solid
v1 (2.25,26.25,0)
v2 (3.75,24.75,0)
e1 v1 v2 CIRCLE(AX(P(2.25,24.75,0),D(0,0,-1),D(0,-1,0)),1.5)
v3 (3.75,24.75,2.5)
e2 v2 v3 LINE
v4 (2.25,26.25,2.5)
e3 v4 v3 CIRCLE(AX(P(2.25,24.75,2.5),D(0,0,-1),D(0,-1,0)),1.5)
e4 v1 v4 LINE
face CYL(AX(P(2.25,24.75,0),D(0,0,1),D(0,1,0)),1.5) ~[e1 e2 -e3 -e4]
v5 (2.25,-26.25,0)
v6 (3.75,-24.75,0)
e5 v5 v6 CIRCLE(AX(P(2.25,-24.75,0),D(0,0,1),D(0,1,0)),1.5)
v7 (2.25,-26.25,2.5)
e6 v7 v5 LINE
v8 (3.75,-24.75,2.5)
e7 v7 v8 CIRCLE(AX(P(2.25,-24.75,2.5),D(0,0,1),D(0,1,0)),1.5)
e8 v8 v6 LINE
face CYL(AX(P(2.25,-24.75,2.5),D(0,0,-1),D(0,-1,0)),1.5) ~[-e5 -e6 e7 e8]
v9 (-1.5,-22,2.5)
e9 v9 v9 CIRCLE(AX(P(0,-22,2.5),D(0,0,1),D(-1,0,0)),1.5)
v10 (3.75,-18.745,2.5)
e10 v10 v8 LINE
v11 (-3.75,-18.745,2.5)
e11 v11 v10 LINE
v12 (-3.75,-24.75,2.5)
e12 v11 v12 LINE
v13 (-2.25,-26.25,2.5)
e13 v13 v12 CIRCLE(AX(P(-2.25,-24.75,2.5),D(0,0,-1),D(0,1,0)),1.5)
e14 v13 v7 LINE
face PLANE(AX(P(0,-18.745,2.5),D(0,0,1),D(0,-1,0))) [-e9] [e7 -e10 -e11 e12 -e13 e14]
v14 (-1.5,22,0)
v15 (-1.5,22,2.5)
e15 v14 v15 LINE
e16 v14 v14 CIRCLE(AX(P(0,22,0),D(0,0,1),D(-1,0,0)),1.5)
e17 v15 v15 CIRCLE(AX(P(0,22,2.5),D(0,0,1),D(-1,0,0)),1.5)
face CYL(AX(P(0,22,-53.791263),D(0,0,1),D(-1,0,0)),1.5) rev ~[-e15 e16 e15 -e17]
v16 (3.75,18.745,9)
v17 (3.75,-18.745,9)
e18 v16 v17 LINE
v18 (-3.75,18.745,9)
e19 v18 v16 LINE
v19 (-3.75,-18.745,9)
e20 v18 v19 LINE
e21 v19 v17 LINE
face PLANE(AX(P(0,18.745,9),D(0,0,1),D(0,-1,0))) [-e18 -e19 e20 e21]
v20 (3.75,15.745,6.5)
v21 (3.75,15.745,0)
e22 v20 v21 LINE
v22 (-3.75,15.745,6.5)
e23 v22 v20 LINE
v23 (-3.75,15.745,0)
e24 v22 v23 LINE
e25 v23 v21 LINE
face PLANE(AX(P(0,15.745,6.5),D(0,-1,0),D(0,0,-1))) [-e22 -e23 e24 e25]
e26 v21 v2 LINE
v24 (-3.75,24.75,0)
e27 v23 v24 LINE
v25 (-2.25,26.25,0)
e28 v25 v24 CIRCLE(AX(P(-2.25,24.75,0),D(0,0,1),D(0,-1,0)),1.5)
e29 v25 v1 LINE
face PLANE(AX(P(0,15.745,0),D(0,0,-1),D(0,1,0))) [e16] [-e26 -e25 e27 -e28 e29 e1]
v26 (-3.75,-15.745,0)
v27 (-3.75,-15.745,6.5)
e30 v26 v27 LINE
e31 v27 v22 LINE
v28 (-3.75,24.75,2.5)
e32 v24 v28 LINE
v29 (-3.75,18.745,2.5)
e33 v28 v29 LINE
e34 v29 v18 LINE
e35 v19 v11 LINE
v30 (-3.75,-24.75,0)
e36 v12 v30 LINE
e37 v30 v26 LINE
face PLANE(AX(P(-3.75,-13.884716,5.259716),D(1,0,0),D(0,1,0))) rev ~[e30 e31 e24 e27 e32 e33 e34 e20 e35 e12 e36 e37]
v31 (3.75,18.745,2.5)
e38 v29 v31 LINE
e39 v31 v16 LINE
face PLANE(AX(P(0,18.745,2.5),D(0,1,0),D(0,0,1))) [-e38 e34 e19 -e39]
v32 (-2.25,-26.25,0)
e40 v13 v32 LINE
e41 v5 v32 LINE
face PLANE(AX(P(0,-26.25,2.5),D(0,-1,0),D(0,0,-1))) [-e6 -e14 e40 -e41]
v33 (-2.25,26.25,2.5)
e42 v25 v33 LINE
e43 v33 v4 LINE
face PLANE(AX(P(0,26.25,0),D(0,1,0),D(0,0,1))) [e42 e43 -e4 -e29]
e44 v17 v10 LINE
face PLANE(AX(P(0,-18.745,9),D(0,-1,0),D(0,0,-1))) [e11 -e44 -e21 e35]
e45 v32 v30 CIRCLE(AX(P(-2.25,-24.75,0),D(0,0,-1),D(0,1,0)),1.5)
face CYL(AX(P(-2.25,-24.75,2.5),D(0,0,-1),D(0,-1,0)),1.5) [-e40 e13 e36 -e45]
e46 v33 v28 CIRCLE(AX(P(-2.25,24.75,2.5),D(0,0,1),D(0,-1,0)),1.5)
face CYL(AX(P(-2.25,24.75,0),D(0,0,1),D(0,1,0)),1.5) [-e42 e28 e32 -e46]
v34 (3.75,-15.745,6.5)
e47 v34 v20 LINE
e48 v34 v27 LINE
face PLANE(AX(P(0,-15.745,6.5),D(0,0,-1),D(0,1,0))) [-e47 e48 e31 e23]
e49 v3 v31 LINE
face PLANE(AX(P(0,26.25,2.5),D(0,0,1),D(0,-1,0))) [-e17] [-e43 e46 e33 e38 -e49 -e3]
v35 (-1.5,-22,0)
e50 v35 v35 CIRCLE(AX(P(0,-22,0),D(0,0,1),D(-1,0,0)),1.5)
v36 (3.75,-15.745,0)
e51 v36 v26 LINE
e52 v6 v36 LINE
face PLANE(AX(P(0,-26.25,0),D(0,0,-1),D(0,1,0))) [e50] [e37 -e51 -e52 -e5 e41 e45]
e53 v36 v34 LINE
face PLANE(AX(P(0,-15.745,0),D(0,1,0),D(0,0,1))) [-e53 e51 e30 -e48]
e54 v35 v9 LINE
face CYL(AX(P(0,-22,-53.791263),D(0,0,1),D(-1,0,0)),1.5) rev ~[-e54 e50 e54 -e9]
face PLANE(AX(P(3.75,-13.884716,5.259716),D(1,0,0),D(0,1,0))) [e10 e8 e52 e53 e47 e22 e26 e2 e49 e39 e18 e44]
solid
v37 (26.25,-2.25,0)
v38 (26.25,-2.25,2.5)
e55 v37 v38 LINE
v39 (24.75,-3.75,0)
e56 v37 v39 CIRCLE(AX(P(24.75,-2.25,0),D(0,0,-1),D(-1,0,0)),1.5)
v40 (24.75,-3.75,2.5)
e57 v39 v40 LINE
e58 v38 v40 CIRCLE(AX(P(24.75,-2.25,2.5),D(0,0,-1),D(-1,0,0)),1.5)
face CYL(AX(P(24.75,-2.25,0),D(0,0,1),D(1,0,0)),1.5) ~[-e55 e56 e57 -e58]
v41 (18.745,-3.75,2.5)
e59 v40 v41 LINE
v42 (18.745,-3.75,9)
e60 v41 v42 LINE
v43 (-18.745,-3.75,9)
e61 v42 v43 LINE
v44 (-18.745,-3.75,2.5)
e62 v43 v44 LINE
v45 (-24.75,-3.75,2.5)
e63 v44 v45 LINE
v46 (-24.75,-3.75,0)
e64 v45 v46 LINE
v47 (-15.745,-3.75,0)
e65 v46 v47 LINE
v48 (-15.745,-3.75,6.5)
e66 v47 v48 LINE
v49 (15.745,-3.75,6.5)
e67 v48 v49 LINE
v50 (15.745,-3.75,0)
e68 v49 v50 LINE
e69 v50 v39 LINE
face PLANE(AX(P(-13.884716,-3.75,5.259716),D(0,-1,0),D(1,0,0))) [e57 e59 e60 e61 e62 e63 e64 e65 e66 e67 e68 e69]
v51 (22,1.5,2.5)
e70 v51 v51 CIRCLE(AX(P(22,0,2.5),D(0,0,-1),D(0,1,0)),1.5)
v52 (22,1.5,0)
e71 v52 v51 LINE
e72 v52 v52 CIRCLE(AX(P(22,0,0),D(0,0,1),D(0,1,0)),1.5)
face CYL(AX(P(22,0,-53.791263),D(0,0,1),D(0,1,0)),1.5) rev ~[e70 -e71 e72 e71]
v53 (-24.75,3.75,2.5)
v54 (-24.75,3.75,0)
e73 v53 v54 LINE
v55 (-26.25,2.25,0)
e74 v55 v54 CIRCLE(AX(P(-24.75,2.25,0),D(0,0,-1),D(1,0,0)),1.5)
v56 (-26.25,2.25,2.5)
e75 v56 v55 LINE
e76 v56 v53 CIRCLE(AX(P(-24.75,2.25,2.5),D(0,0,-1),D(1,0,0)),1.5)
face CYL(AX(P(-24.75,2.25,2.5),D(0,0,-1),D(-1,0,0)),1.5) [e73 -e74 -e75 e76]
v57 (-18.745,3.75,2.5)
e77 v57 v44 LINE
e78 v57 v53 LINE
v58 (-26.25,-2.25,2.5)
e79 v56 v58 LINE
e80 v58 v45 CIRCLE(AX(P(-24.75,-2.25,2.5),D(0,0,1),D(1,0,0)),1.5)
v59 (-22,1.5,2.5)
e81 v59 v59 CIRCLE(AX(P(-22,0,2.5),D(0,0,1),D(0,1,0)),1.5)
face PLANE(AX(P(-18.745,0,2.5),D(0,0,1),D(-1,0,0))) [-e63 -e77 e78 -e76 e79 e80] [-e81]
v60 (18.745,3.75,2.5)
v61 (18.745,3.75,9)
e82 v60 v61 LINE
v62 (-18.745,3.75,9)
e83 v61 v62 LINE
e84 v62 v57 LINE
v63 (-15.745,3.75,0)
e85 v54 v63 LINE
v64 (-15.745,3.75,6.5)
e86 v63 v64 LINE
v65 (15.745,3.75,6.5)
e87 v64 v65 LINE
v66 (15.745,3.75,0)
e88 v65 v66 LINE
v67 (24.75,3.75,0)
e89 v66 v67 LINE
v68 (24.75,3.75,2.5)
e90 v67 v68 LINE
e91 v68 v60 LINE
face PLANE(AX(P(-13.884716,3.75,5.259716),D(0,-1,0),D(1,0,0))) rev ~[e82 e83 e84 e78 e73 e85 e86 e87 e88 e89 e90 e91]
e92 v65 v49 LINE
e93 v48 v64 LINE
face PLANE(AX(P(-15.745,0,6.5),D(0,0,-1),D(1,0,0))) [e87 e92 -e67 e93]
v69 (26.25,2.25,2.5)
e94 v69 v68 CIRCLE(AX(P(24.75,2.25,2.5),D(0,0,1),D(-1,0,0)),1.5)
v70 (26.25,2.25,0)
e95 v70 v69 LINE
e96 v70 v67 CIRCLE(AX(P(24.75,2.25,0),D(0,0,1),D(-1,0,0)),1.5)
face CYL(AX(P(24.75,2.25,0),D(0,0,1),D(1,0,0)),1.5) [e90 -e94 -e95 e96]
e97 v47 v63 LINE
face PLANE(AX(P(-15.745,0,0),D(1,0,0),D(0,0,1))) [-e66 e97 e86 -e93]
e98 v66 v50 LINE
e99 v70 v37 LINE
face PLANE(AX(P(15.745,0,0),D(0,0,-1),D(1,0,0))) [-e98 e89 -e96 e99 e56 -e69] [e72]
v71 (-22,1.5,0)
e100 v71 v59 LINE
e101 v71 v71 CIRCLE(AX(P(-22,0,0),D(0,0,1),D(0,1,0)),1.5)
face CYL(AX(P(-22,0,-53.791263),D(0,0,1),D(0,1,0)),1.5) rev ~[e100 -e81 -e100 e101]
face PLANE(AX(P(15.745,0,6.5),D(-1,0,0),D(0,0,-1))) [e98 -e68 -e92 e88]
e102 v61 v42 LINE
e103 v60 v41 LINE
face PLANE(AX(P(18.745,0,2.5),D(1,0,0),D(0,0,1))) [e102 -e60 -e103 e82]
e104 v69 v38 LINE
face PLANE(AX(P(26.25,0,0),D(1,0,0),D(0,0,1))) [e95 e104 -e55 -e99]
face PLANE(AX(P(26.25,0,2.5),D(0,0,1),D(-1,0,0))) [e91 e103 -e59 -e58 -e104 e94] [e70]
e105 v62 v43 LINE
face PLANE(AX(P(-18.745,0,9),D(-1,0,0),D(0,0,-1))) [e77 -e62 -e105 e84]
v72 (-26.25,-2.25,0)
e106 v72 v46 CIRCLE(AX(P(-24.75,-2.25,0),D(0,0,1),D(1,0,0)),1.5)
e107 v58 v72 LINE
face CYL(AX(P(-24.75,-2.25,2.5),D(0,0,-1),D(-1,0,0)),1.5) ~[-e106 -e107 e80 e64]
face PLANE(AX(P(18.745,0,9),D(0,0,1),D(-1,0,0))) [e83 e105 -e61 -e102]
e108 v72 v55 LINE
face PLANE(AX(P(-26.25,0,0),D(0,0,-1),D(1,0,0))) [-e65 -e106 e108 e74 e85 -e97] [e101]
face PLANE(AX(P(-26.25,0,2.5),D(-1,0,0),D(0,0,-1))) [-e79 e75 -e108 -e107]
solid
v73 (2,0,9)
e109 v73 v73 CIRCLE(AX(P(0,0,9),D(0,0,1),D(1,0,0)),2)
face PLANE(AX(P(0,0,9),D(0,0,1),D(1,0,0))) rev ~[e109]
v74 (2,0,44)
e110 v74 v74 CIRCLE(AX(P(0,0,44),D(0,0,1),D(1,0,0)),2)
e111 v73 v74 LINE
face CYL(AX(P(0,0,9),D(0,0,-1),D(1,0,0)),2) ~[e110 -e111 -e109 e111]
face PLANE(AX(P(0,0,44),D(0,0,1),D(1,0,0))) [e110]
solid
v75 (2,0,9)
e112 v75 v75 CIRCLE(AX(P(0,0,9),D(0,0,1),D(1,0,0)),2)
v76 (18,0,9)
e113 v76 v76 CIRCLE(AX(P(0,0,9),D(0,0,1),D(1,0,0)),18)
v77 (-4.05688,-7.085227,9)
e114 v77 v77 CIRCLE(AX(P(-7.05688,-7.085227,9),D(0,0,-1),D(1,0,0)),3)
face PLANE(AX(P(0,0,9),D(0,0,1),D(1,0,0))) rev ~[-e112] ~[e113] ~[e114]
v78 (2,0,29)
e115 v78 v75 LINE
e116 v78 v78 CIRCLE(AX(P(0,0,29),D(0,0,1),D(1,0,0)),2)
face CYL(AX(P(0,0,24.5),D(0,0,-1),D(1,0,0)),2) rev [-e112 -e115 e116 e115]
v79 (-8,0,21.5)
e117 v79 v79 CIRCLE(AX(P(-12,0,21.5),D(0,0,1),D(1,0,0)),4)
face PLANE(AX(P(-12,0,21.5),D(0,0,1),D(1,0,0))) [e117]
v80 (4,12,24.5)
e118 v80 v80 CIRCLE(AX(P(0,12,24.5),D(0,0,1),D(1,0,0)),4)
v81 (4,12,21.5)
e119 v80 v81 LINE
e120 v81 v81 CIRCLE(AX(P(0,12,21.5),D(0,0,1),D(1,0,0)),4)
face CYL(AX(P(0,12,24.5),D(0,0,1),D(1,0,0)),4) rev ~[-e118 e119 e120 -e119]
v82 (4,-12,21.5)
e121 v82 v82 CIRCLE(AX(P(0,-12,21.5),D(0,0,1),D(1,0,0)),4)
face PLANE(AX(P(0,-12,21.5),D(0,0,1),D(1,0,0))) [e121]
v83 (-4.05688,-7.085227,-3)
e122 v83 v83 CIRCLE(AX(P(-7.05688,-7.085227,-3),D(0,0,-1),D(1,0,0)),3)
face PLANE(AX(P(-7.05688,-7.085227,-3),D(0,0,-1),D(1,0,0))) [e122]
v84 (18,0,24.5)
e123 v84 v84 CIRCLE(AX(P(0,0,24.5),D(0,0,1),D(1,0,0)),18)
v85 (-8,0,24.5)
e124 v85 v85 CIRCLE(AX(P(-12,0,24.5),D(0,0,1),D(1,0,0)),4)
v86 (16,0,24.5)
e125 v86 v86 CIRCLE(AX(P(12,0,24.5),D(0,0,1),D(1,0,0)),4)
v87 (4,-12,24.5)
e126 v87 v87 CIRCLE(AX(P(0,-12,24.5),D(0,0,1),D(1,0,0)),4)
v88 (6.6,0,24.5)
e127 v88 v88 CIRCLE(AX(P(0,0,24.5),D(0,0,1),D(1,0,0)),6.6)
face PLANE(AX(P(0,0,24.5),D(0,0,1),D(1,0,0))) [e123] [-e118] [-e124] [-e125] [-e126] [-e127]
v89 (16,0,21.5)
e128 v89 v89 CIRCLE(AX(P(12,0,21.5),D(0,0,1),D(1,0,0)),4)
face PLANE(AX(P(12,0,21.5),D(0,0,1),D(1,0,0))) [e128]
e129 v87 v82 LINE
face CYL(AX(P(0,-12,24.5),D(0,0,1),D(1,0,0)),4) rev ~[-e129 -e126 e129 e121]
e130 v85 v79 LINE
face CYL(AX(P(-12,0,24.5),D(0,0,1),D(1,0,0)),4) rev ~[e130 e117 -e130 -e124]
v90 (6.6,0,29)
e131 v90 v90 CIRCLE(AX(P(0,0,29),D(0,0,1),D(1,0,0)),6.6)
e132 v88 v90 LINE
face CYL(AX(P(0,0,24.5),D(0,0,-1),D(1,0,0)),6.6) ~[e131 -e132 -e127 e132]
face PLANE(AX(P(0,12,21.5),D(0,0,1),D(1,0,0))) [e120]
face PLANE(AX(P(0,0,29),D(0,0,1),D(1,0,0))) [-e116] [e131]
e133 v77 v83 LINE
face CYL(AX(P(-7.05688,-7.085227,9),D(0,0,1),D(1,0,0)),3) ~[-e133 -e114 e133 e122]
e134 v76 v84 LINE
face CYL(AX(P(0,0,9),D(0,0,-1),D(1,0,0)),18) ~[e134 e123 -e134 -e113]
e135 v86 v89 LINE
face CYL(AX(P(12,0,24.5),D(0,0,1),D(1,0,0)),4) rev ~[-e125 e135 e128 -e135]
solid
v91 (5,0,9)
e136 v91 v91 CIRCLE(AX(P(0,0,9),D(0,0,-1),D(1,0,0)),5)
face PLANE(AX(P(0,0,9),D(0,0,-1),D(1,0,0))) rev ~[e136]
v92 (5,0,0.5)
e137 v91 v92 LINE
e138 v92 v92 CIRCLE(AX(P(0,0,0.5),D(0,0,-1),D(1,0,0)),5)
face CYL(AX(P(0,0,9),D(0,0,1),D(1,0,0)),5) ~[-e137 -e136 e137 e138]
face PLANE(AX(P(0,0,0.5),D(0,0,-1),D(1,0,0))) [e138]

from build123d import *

# Parameters (mm, degrees)
F1_DEPTH  = 3.75
F2_R      = 18
F2_R_2    = 2
F3_DEPTH  = 15.5
F4_R      = 6.6
F4_R_2    = 2
F5_DEPTH  = 4.5
F6_R      = 5
F7_DEPTH  = 8.5
F8_R      = 2
F9_DEPTH  = 35
F10_R     = 4
F11_DEPTH = 3
F12_ANGLE = 90
F13_R     = 1.5
F14_R     = 3
F15_DEPTH = 12
F16_R     = 1.5
F17_DEPTH = 25
F19_ANGLE = 90
F21_D     = 3
F21_2_D   = 3


with BuildPart() as f1:
    # F0 (on Right) → F1 (new body, symmetric)
    with BuildSketch(Plane.YZ):
        Polygon((-15.745, 6.5), (0, 6.5), (0, 9), (-18.745, 9), (-18.745, 2.5), (-26.25, 2.5), (-26.25, 0), (-15.745, 0), align=None)
        Polygon((0, 9), (0, 6.5), (15.745, 6.5), (15.745, 0), (26.25, 0), (26.25, 2.5), (18.745, 2.5), (18.745, 9), align=None)
    extrude(amount=F1_DEPTH, both=True)

    # F13
    f13_edges = [f1.edges().sort_by_distance(p)[0] for p in [
        (3.75, 26.25, 1.25),
        (-3.75, 26.25, 1.25),
        (3.75, -26.25, 1.25),
        (-3.75, -26.25, 1.25),
    ]]
    fillet(f13_edges, radius=F13_R)

    # F21 (through all)
    with Locations(Plane(origin=(0, 0, 0), x_dir=(1, 0, 0), z_dir=(0, 0, -1))):
        with Locations((-22, 0), (0, 22), (0, -22), (22, 0)):
            Hole(F21_D / 2)


with BuildPart() as f3:
    # F2 (on face) → F3 (new body)
    with BuildSketch(Plane.XY.offset(9)):
        Circle(F2_R)
        Circle(F2_R_2, mode=Mode.SUBTRACT)
    extrude(amount=F3_DEPTH)

    # F4 (on face) → F5 (join)
    with BuildSketch(Plane.XY.offset(24.5)):
        Circle(F4_R)
        Circle(F4_R_2, mode=Mode.SUBTRACT)
    extrude(amount=F5_DEPTH)

    # F10 (on face) → F11 (cut)
    with BuildSketch(Plane.XY.offset(24.5)):
        with Locations((-12, 0)):
            Circle(F10_R)
        with Locations((0, -12)):
            Circle(F10_R)
        with Locations((0, 12)):
            Circle(F10_R)
        with Locations((12, 0)):
            Circle(F10_R)
    extrude(amount=-F11_DEPTH, mode=Mode.SUBTRACT)

    # F14 (on face) → F15 (join)
    with BuildSketch(Plane(origin=(0, 0, 9), x_dir=(1, 0, 0), z_dir=(0, 0, -1))):
        with Locations((-7.05688, 7.085227)):
            Circle(F14_R)
    extrude(amount=F15_DEPTH)


with BuildPart() as f7:
    # F6 (on face) → F7 (new body)
    with BuildSketch(Plane(origin=(0, 0, 9), x_dir=(1, 0, 0), z_dir=(0, 0, -1))):
        Circle(F6_R)
    extrude(amount=F7_DEPTH)


with BuildPart() as f9:
    # F8 (on face) → F9 (new body)
    with BuildSketch(Plane.XY.offset(9)):
        Circle(F8_R)
    extrude(amount=F9_DEPTH)


with BuildPart() as f12_1:
    # F12: copy of F1
    add(f1.part.rotate(Axis((0, 0, 9), (0, 0, -1)), F12_ANGLE))

    # F16 (on face) → F17 (cut)
    with BuildSketch(Plane(origin=(0, 0, 0), x_dir=(1, 0, 0), z_dir=(0, 0, -1))):
        with Locations((-22, 0)):
            Circle(F16_R)
        with Locations((22, 0)):
            Circle(F16_R)
    extrude(amount=-F17_DEPTH, mode=Mode.SUBTRACT)


with BuildPart() as f19_1:
    # F19: copy of F1
    add(f1.part.rotate(Axis((0, 0, 9), (0, 0, -1)), F19_ANGLE))

    # F21#2 (through all)
    with Locations(Plane(origin=(0, 0, 0), x_dir=(1, 0, 0), z_dir=(0, 0, -1))):
        with Locations((-22, 0), (0, 22), (0, -22), (22, 0)):
            Hole(F21_2_D / 2)


solid = Compound([f1.part, f3.part, f7.part, f9.part, f19_1.part])
